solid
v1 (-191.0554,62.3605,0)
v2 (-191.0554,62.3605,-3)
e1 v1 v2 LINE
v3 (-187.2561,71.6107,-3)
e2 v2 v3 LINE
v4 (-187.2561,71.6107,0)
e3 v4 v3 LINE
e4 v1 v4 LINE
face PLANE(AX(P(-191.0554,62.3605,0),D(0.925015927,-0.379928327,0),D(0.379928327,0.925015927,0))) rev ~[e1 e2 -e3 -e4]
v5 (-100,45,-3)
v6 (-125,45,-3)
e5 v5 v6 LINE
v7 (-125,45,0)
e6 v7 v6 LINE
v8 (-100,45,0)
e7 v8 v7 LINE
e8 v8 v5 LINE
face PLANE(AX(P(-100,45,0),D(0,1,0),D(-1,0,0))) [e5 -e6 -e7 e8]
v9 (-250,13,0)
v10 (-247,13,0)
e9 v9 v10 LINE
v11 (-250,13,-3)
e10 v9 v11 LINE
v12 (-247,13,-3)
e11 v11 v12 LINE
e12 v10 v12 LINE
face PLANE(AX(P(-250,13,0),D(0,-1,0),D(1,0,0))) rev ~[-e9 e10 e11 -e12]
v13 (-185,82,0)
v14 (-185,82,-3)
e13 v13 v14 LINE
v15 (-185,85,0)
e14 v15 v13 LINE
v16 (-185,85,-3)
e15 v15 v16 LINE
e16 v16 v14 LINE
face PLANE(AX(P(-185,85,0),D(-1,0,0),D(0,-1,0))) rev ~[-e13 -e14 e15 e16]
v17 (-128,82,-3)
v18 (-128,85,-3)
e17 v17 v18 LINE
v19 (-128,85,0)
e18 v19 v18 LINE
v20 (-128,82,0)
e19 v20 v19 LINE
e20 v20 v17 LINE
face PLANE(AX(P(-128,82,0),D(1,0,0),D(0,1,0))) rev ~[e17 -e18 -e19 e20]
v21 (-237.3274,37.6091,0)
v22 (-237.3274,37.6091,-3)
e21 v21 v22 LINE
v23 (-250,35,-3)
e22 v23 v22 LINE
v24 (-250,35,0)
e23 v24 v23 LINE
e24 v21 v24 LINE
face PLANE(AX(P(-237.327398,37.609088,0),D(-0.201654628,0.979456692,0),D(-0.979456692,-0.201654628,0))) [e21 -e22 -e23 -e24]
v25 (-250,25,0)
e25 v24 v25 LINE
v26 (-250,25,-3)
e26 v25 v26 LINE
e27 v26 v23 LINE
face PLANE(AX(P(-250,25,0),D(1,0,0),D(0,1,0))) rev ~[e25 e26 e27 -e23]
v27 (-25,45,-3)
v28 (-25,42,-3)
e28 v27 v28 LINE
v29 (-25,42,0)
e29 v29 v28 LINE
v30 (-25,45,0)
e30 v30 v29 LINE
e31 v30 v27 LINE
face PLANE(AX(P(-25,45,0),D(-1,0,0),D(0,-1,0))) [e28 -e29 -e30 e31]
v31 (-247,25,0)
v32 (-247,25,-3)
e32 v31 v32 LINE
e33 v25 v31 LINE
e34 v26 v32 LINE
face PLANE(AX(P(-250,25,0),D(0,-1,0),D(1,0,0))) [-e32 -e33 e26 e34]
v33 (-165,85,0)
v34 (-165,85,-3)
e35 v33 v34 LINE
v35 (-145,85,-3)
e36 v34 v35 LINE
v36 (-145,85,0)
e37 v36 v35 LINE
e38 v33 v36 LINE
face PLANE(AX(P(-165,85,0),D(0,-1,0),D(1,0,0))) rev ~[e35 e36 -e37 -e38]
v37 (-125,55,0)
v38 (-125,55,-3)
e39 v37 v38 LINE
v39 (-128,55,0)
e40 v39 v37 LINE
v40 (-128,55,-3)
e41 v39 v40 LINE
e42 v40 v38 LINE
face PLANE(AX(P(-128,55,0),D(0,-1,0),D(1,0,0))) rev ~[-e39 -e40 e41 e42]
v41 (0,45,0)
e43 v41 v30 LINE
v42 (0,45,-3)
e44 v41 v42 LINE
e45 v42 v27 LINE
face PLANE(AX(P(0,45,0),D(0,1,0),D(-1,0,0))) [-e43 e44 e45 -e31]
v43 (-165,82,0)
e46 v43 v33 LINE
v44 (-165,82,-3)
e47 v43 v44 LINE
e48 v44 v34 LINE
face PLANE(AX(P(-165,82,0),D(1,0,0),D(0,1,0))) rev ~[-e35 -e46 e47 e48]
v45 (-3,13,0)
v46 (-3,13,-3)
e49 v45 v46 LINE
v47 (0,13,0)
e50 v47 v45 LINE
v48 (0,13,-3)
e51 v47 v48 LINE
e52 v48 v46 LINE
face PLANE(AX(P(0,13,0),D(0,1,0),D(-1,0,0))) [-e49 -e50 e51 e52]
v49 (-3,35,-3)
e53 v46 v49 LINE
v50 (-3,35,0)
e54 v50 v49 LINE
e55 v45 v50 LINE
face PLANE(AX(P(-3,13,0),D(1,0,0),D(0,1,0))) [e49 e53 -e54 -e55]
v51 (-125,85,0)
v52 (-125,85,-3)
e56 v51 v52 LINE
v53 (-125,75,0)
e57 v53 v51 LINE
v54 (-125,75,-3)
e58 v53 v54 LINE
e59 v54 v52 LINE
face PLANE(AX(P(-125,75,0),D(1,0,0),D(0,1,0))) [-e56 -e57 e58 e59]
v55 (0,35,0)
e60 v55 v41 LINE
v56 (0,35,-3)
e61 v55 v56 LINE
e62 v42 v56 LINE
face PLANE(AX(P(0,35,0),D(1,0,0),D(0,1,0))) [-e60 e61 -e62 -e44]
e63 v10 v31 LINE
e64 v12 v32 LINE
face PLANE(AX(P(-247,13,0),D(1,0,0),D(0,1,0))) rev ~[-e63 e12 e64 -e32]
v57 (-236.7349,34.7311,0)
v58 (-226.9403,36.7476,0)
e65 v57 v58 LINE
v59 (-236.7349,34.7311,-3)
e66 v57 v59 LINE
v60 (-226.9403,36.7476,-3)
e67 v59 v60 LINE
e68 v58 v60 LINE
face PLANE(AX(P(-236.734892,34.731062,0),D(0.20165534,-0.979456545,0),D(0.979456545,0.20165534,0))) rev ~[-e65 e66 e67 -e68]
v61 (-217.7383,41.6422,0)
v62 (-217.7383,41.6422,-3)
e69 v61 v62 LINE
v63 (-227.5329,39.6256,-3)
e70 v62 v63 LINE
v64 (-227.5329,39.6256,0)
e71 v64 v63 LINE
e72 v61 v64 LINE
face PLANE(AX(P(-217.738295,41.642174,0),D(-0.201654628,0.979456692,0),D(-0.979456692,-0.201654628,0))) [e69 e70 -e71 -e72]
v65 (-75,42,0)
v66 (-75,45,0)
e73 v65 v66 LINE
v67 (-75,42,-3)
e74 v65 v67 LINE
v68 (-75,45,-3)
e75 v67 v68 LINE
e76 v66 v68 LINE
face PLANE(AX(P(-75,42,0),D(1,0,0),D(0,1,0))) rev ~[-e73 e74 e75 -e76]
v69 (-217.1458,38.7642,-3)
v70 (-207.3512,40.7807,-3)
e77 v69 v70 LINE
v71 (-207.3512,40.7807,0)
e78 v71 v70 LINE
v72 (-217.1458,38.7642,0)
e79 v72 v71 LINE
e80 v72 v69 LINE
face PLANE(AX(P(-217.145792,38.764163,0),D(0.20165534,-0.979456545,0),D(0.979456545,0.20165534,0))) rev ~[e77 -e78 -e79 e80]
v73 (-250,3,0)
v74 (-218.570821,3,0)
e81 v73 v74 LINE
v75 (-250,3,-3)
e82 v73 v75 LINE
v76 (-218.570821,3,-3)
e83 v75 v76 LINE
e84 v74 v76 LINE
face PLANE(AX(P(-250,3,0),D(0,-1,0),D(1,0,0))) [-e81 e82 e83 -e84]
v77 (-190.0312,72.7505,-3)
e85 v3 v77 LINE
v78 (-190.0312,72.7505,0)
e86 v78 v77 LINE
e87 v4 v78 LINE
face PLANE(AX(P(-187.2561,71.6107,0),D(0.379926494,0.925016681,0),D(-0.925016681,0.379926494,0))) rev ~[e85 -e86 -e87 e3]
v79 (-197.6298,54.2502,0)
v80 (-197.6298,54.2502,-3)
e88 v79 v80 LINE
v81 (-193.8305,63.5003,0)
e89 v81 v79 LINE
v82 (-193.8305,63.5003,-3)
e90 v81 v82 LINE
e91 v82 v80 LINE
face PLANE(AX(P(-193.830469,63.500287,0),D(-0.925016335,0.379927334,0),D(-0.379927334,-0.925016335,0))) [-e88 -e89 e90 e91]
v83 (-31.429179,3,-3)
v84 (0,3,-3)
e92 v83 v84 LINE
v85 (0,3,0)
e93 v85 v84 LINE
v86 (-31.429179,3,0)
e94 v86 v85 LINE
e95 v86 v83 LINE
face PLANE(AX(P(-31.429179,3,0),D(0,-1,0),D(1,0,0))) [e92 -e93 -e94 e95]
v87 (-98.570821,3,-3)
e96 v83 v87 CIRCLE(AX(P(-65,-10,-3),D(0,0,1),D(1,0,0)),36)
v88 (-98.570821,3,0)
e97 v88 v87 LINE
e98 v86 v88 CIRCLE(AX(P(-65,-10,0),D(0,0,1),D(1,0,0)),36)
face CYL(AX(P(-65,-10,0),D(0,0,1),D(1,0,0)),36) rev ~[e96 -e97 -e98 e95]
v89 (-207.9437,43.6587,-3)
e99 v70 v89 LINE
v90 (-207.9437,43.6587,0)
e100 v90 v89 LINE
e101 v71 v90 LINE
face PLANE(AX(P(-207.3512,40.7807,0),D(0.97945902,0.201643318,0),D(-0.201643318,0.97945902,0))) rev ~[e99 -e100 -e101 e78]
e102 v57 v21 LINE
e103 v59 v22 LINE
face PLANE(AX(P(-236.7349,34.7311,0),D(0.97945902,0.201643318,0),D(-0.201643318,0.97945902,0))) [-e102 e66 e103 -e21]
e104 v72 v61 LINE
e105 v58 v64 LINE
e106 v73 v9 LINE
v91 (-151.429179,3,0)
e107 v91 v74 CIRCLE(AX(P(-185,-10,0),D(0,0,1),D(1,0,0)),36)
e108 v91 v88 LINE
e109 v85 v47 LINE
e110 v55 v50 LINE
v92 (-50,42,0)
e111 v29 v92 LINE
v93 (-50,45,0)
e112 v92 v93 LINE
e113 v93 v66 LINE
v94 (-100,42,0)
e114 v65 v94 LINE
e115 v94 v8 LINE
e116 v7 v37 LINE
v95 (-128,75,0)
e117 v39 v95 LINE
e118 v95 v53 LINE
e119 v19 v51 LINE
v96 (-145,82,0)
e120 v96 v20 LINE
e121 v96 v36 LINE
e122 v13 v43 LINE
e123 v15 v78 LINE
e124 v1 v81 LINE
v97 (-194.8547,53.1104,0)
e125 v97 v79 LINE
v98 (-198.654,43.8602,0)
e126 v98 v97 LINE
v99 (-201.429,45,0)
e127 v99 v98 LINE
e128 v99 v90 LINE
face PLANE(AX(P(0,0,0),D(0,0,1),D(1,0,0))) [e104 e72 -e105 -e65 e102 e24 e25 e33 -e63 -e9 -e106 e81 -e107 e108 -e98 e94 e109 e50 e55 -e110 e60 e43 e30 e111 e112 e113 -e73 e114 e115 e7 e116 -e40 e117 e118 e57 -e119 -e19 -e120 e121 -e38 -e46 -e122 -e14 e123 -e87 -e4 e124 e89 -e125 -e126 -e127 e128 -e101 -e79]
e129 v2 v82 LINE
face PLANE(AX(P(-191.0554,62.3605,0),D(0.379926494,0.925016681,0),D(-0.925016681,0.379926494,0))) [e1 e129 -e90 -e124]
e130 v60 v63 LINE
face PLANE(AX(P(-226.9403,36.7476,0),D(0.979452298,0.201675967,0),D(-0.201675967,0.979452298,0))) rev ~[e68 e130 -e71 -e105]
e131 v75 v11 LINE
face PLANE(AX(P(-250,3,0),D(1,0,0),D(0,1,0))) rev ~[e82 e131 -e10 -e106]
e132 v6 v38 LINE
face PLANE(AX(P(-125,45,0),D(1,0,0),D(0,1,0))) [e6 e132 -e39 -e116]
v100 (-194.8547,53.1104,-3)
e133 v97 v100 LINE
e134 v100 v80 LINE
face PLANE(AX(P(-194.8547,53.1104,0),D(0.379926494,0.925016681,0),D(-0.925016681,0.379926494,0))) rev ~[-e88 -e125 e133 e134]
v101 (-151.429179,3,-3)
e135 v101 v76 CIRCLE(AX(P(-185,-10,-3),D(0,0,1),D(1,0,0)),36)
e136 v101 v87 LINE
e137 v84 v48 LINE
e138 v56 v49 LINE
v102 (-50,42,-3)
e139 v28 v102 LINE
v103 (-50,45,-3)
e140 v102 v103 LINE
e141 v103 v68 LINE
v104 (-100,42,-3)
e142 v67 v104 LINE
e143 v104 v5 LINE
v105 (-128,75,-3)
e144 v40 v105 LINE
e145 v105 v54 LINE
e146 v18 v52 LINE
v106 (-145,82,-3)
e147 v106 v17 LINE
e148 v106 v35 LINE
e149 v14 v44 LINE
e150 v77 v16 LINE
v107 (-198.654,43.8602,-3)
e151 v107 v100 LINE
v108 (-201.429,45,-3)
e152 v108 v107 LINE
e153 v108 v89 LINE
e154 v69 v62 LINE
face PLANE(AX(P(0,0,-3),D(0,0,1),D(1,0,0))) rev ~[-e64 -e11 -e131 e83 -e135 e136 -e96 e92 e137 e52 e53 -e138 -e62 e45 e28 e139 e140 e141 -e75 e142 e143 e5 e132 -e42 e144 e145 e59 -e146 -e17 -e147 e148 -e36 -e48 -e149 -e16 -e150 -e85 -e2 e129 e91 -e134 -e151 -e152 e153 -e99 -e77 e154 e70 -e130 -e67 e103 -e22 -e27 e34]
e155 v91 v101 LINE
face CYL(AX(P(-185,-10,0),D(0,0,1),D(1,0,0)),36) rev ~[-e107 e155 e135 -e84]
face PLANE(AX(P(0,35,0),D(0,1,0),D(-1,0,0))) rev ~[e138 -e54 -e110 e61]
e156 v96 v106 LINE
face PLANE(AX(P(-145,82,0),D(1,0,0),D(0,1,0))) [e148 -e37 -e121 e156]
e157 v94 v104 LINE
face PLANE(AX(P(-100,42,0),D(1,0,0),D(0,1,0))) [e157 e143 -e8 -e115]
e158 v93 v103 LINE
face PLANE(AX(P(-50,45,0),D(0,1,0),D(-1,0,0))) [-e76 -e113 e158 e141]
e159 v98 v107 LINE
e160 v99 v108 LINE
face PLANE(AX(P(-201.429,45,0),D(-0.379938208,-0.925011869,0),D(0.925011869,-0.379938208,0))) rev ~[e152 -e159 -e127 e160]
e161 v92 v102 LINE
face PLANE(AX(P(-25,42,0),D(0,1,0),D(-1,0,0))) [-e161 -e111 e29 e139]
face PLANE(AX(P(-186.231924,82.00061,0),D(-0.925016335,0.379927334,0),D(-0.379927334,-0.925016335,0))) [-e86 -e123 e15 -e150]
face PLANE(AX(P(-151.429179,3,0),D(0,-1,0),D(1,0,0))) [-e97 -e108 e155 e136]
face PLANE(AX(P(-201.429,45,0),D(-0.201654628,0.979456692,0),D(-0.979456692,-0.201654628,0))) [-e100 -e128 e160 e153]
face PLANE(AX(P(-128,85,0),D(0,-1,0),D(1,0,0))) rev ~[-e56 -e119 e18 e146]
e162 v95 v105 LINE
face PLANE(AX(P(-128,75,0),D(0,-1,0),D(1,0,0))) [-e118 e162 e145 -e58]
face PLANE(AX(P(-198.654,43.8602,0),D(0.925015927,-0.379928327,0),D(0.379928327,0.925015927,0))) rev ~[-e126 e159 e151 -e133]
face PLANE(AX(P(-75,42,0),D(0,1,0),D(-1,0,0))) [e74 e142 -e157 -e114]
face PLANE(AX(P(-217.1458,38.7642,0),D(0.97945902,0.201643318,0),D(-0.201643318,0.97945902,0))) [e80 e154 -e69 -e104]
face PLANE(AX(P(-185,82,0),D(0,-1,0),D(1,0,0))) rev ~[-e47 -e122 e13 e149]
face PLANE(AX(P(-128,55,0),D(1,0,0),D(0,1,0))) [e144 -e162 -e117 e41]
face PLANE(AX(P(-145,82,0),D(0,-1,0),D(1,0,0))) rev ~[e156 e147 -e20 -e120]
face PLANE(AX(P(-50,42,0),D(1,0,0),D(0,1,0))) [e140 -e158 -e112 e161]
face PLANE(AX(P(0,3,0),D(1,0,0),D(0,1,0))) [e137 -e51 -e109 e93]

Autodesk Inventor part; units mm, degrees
ref_plane "YZ Plane" through (0, 0, 0) normal (1, 0, 0) x (0, 1, 0)
ref_plane "XZ Plane" through (0, 0, 0) normal (0, 1, 0) x (-1, 0, 0)
ref_plane "XY Plane" through (0, 0, 0) normal (0, 0, 1) x (1, 0, 0)
sketch "Sketch1" plane through (0, 0, 0) normal (0, 0, 1) x (1, 0, 0)
  line L0 (0, 0) -> (-250, 0)
  line L1 (-250, 0) -> (-250, 35)
  line L2 (-201.429, 45) -> (-250, 35)
  line L3 (-250, 0) -> (-185, 0)
  line L4 (0, 0) -> (-65, 0)
  line L5 (-185, 85) -> (-201.429, 45)
  line L6 (-185, 0) -> (-185, -10)
  circle A0 centre (-185, -10) radius 36
  line L7 (-65, 0) -> (-65, -10)
  circle A1 centre (-65, -10) radius 36
  line L8 (-250, 0) -> (-250, 3)
  line L9 (-250, 3) -> (0, 3)
  line L10 (0, 0) -> (0, 3)
  line L11 (-250, 35) -> (-250, 25)
  line L12 (-250, 25) -> (-247, 25)
  line L13 (-250, 3) -> (-250, 13)
  line L14 (-250, 13) -> (-247, 13)
  line L15 (-247, 13) -> (-247, 25)
  line L16 (0, 35) -> (-3, 35)
  line L17 (0, 3) -> (0, 13)
  line L18 (0, 13) -> (-3, 13)
  line L19 (-3, 13) -> (-3, 35)
  line L20 (0, 35) -> (0, 45)
  line L21 (0, 45) -> (-125, 45)
  line L22 (-125, 45) -> (-125, 85)
  line L23 (-185, 85) -> (-125, 85)
  line L24 (0, 45) -> (0, 42)
  line L25 (0, 42) -> (-125, 42)
  line L26 (-125, 42) -> (-125, 45)
  line L27 (-125, 45) -> (-100, 45)
  line L28 (-100, 45) -> (-75, 45)
  line L29 (-75, 45) -> (-50, 45)
  line L30 (-50, 45) -> (-25, 45)
  line L31 (-25, 45) -> (0, 45)
  line L32 (-25, 45) -> (-25, 42)
  line L33 (-50, 42) -> (-50, 45)
  line L34 (-75, 42) -> (-75, 45)
  line L35 (-100, 42) -> (-100, 45)
  line L36 (-125, 45) -> (-128, 45)
  line L37 (-128, 45) -> (-128, 85)
  line L38 (-128, 85) -> (-128, 75)
  line L39 (-128, 75) -> (-128, 55)
  line L40 (-128, 75) -> (-125, 75)
  line L41 (-128, 55) -> (-125, 55)
  line L42 (-185, 85) -> (-185, 82)
  line L43 (-185, 82) -> (-128, 82)
  line L44 (-185, 82) -> (-165, 82)
  line L45 (-165, 82) -> (-145, 82)
  line L46 (-145, 82) -> (-128, 82)
  line L47 (-165, 82) -> (-165, 85)
  line L48 (-145, 82) -> (-145, 85)
  line L49 (-185, 85) -> (-185, 38.2522)
  line L50 (-201.429, 45) -> (-198.654, 43.8602)
  line L51 (-198.654, 43.8602) -> (-194.8547, 53.1104)
  line L52 (-194.8547, 53.1104) -> (-191.0554, 62.3605)
  line L53 (-191.0554, 62.3605) -> (-187.2561, 71.6107)
  line L54 (-187.2561, 71.6107) -> (-183.4569, 80.8609)
  line L55 (-194.8547, 53.1104) -> (-197.6298, 54.2502)
  line L56 (-191.0554, 62.3605) -> (-193.8305, 63.5003)
  line L57 (-187.2561, 71.6107) -> (-190.0312, 72.7505)
  line L58 (-183.4569, 80.8609) -> (-186.2319, 82.0006)
  line L59 (-250, 35) -> (-247, 35)
  line L60 (-247, 35) -> (-247, 25)
  line L61 (-250, 35) -> (-250, 32)
  line L62 (-247, 35) -> (-246.5295, 32.7145)
  line L63 (-247, 35) -> (-247.122, 35.5925)
  line L64 (-201.429, 45) -> (-200.8365, 42.122)
  line L65 (-246.5295, 32.7145) -> (-200.8365, 42.122)
  line L66 (-246.5295, 32.7145) -> (-236.7349, 34.7311)
  line L67 (-236.7349, 34.7311) -> (-226.9403, 36.7476)
  line L68 (-226.9403, 36.7476) -> (-217.1458, 38.7642)
  line L69 (-217.1458, 38.7642) -> (-207.3512, 40.7807)
  line L70 (-207.3512, 40.7807) -> (-200.8365, 42.122)
  line L71 (-207.3512, 40.7807) -> (-207.9437, 43.6587)
  line L72 (-217.1458, 38.7642) -> (-217.7383, 41.6422)
  line L73 (-226.9403, 36.7476) -> (-227.5329, 39.6256)
  line L74 (-236.7349, 34.7311) -> (-237.3274, 37.6091)
  point P0 (-218.5708, 3)
  point P1 (-151.4292, 3)
  point P2 (-98.5708, 3)
  point P3 (-31.4292, 3)
  dimension "d0" = 250
  dimension "d1" = 35
  dimension "d6" = 65
  dimension "d8" = 65
  dimension "d11" = 10
  dimension "d12" = 72
  dimension "d13" = 10
  dimension "d14" = 72
  dimension "d15" = 3
  dimension "d18" = 10
  dimension "d19" = 3
  dimension "d20" = 10
  dimension "d22" = 3
  dimension "d23" = 10
  dimension "d24" = 3
  dimension "d35" = 10
  dimension "d36" = 125
  dimension "d37" = 3
  dimension "d38" = 25
  dimension "d39" = 25
  dimension "d40" = 25
  dimension "d41" = 25
  dimension "d42" = 25
  dimension "d43" = 3
  dimension "d44" = 10
  dimension "d45" = 20
  dimension "d46" = 3
  dimension "d47" = 90
  dimension "d48" = 20
  dimension "d49" = 20
  dimension "d50" = 3
  dimension "d51" = 10
  dimension "d52" = 10
  dimension "d53" = 10
  dimension "d54" = 10
  dimension "d55" = 3
  dimension "d56" = 3
  dimension "d57" = 10
  dimension "d58" = 10
  dimension "d59" = 10
  dimension "d60" = 10
extrude "Extrusion1" add sketch "Sketch1" against normal blind 3 contours L9 A1 A0 L1 L14 L15 L60 L62 L65 L64 L50 L51 L52 L53 L54 L58 L49 L43 L37 L36 L26 L25 L20 L16 L19 L18 L17 | L25 L32 L21 L20 | L1 L59 L60 L12 | L25 L34 L21 L33 | L2 L63 L59 | L63 L2 L74 L65 L62 | L25 L26 L21 L35 | L36 L37 L41 L22 | L2 L72 L65 L73 | L40 L37 L23 L22 | L2 L64 L65 L71 | L5 L56 L52 L55 | L48 L43 L47 L23 | L5 L58 L49 L54 L57 | L42 L49 L58 L5 | L58 L54 L49
properties part number "zijplaat"
